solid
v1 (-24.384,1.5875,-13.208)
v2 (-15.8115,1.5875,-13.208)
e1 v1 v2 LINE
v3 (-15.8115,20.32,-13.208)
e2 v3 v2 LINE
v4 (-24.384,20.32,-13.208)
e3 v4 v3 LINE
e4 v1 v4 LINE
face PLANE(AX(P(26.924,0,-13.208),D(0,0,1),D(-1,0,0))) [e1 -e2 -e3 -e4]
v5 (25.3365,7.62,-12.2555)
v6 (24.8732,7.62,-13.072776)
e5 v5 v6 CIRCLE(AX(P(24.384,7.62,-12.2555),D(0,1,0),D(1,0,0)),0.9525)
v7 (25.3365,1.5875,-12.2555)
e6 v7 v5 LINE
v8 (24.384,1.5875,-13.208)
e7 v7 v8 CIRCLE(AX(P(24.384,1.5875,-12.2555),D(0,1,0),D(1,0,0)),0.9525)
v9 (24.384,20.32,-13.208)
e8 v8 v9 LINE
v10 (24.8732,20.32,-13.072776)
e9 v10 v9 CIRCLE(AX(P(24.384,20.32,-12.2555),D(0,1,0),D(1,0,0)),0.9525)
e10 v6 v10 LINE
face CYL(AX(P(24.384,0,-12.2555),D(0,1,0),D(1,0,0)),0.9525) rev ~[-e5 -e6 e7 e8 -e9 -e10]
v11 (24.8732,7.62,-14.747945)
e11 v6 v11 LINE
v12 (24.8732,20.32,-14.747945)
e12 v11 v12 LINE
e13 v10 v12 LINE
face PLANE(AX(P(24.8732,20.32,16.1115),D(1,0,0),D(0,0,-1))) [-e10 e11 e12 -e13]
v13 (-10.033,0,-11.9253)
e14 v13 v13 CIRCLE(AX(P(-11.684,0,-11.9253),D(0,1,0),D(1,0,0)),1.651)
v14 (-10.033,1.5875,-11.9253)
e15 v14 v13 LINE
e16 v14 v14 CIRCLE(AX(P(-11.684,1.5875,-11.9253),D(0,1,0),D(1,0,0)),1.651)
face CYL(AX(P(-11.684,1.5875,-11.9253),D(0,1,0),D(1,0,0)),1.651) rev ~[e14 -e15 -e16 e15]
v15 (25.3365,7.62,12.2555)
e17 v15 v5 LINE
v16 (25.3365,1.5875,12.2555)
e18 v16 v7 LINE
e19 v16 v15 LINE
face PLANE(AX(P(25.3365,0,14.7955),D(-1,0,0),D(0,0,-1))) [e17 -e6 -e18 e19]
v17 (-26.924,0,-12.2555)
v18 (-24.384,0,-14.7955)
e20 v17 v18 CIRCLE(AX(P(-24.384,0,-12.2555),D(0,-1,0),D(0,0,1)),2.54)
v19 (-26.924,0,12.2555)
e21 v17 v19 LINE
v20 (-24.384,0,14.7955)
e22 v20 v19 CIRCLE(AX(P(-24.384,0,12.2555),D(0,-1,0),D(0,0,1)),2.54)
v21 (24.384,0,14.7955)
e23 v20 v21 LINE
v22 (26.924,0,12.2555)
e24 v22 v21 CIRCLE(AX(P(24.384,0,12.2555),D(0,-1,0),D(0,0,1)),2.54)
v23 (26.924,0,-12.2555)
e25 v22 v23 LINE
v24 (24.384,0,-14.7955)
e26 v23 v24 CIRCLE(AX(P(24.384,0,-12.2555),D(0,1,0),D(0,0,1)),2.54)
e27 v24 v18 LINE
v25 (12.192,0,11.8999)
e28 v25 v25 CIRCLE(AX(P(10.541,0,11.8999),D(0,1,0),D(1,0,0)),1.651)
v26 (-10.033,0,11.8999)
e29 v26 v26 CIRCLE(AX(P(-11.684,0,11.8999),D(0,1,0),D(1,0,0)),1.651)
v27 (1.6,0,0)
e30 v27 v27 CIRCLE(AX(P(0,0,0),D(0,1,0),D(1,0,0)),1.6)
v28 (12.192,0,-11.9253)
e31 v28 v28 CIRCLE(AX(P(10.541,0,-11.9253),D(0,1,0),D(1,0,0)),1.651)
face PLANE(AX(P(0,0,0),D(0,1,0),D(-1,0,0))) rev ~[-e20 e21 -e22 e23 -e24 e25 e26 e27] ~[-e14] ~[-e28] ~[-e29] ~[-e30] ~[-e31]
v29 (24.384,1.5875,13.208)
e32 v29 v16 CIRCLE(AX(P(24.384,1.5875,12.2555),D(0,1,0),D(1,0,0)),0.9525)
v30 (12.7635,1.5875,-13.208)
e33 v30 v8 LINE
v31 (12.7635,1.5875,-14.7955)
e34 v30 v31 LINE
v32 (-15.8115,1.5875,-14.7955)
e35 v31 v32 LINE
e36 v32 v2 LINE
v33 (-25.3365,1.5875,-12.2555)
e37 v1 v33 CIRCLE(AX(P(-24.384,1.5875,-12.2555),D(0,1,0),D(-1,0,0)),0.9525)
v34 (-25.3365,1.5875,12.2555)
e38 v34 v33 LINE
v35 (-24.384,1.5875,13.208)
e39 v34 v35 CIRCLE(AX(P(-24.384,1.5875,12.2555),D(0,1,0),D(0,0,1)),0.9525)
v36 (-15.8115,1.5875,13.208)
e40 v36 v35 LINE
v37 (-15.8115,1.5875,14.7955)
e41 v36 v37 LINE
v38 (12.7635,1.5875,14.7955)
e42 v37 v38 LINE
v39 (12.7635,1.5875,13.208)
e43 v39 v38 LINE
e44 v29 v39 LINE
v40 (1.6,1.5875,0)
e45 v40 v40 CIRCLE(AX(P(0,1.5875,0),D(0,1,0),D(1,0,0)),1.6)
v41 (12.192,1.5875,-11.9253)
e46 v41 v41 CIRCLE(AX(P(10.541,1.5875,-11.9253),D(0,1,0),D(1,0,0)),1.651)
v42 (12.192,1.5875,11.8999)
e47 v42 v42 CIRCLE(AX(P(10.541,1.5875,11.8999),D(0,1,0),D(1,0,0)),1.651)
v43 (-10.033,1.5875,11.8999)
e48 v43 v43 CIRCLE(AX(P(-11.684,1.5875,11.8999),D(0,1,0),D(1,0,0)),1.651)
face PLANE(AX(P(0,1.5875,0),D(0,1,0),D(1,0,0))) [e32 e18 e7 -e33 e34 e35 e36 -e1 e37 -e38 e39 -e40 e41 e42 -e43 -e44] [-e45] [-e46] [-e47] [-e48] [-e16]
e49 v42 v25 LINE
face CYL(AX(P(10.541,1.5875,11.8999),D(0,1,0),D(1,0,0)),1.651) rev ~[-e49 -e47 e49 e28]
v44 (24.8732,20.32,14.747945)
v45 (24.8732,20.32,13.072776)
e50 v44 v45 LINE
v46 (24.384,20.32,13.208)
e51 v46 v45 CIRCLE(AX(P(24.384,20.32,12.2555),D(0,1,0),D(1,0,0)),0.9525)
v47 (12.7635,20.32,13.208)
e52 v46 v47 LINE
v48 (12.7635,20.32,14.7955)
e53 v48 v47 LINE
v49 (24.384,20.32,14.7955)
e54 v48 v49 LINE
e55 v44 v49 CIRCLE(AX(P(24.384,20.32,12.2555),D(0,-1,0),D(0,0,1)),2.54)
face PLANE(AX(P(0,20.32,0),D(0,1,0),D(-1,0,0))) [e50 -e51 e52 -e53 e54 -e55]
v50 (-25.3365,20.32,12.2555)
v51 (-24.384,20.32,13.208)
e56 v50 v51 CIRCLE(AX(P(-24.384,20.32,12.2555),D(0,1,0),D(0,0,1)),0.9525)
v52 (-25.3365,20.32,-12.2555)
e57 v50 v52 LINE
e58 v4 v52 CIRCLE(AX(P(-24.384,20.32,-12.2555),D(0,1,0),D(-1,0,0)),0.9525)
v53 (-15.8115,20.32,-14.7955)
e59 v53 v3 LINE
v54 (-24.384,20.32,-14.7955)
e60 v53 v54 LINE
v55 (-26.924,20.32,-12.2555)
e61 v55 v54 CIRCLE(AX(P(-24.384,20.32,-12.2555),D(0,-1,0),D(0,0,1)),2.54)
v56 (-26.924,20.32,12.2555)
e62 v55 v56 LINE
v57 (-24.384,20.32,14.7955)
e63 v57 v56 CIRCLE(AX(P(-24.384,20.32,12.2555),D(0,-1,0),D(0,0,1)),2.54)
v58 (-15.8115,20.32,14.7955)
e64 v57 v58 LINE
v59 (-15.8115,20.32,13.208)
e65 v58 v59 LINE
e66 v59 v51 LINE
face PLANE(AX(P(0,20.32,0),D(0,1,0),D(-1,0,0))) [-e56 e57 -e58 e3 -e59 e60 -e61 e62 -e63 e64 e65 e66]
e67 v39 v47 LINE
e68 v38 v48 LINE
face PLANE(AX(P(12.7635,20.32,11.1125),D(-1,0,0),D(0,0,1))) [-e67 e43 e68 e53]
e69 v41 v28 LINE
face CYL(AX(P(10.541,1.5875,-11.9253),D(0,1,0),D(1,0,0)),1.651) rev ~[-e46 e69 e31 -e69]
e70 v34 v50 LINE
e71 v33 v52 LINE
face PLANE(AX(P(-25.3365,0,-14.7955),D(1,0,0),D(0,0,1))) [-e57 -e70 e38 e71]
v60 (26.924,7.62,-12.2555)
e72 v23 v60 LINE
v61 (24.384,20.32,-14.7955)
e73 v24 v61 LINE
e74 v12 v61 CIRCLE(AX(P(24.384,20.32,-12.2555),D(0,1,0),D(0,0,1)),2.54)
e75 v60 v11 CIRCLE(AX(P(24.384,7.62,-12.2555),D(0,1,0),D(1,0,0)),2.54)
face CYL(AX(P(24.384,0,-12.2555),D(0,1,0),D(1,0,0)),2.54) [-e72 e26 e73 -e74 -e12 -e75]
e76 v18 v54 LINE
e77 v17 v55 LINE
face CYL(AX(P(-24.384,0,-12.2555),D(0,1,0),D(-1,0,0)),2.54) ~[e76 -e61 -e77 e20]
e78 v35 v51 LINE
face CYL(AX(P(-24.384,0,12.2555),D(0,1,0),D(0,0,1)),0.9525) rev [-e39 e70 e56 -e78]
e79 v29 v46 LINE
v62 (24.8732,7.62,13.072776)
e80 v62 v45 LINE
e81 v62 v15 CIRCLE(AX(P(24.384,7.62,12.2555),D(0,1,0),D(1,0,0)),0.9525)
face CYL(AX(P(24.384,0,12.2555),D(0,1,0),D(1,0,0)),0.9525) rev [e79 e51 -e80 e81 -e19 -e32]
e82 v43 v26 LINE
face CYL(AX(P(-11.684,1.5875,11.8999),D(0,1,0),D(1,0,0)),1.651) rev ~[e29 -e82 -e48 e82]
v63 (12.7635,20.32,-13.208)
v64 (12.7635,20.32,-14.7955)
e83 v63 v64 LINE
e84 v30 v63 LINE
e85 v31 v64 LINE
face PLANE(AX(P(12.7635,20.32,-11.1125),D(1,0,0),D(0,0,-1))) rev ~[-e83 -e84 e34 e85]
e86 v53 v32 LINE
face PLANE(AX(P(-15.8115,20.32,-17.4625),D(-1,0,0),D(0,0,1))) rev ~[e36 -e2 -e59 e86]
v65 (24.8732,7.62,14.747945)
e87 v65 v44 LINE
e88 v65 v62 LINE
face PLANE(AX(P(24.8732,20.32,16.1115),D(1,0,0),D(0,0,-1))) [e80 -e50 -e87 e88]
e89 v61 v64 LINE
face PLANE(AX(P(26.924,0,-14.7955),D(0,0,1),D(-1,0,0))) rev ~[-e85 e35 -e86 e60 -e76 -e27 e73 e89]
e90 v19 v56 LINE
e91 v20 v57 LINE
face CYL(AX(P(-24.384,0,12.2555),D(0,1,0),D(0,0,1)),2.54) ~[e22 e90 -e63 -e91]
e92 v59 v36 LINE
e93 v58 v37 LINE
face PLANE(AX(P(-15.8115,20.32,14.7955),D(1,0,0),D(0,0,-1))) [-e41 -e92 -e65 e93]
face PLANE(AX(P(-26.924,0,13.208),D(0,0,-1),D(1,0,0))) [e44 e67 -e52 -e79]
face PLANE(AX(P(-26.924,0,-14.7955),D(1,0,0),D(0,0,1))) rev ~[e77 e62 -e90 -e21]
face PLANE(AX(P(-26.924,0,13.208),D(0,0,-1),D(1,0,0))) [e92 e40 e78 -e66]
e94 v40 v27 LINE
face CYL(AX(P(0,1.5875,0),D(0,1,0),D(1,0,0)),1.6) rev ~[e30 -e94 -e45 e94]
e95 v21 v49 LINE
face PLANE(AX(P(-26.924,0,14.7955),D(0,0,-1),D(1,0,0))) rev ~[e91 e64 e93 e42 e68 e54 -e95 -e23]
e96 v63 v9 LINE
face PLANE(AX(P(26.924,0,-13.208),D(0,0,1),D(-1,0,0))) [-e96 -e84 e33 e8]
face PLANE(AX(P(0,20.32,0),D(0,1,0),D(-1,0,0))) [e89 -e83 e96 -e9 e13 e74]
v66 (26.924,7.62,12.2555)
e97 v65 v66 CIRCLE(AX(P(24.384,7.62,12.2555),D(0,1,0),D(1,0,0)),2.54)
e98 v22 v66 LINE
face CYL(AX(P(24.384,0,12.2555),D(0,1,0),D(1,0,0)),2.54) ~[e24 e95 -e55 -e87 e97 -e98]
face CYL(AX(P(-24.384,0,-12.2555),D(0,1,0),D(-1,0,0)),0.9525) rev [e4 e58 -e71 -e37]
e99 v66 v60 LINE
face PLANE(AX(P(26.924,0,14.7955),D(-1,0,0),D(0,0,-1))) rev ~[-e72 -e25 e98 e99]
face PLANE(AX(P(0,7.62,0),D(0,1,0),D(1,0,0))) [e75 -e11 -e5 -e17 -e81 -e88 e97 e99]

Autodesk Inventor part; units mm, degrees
ref_plane "YZ Plane" through (0, 0, 0) normal (1, 0, 0) x (0, 1, 0)
ref_plane "XZ Plane" through (0, 0, 0) normal (0, 1, 0) x (-1, 0, 0)
ref_plane "XY Plane" through (0, 0, 0) normal (0, 0, 1) x (1, 0, 0)
sketch "Esquisse1" plane through (0, 0, 0) normal (0, 1, 0) x (-1, 0, 0)
  line L0 (-26.924, -14.7955) -> (26.924, -14.7955)
  line L1 (26.924, -14.7955) -> (26.924, 14.7955)
  line L2 (26.924, 14.7955) -> (-26.924, 14.7955)
  line L3 (-26.924, 14.7955) -> (-26.924, -14.7955)
  point P0 (0, 0)
  dimension "d0" = 29.591
  dimension "d1" = 53.848
  dimension "d2" = 26.924
  dimension "d3" = 14.7955
extrude "Extrusion1" add sketch "Esquisse1" along normal blind 20.32
fillet "Congé1" radius 2.54 4 edges at (-26.924, 10.16, 14.7955) (26.924, 10.16, 14.7955) (26.924, 10.16, -14.7955) (-26.924, 10.16, -14.7955)
shell "Coque1" thickness 1.5875 removed faces 1 at (-8.128, 20.32, -4.9318)
sketch "Esquisse3" plane through (0, 20.32, 0) normal (0, 1, 0) x (1, 0, 0)
  line L0 (-26.924, 12.2555) -> (-26.924, -12.2555) projected
  line L1 (-24.384, -14.7955) -> (24.384, -14.7955) projected
  line L2 (-15.8115, 11.1125) -> (12.7635, 11.1125)
  line L3 (12.7635, 11.1125) -> (12.7635, 17.4625)
  line L4 (12.7635, 17.4625) -> (-15.8115, 17.4625)
  line L5 (-15.8115, 17.4625) -> (-15.8115, 11.1125)
  line L6 (-15.8115, -11.1125) -> (12.7635, -11.1125)
  line L7 (12.7635, -11.1125) -> (12.7635, -17.4625)
  line L8 (12.7635, -17.4625) -> (-15.8115, -17.4625)
  line L9 (-15.8115, -17.4625) -> (-15.8115, -11.1125)
  point P0 (0, 0)
  dimension "d8" = 28.575
  dimension "d9" = 28.575
  dimension "d10" = 11.1125
  dimension "d11" = 11.1125
  dimension "d12" = 6.35
  dimension "d13" = 6.35
  dimension "d14" = 22.225
  dimension "d15" = 2.667
extrude "Extrusion2" cut sketch "Esquisse3" against normal blind 18.7325
sketch "Esquisse4" plane through (0, 20.32, 0) normal (0, 1, 0) x (1, 0, 0)
  line L0 (24.8732, 15.6385) -> (27.4132, 15.6385)
  line L1 (27.4132, 15.6385) -> (27.4132, -16.1115)
  line L2 (27.4132, -16.1115) -> (24.8732, -16.1115)
  line L3 (24.8732, -16.1115) -> (24.8732, 15.6385)
  point P0 (0, 0)
  dimension "d18" = 31.75
  dimension "d19" = 2.54
extrude "Extrusion3" cut sketch "Esquisse4" against normal blind 12.7
sketch "Esquisse5" plane through (25.3365, 1.5875, 12.2555) normal (0, 1, 0) x (1, 0, 0)
  line L0 (-50.673, 24.511) -> (-50.673, 0) projected
  line L1 (-12.573, -2.54) -> (-41.148, -2.54) projected
  circle A0 centre (-37.0205, 24.1808) radius 1.651
  circle A1 centre (-14.7955, 24.1808) radius 1.651
  circle A2 centre (-14.7955, 0.3556) radius 1.651
  circle A3 centre (-37.0205, 0.3556) radius 1.651
  circle A4 centre (-25.3365, 12.2555) radius 1.6
  line L2 (-49.7205, -2.54) -> (-41.148, -2.54) projected
  dimension "d22" = 3.302
  dimension "d23" = 3.302
  dimension "d24" = 3.302
  dimension "d25" = 3.302
  dimension "d26" = 3.2
  dimension "d27" = 23.8252
  dimension "d28" = 23.8252
  dimension "d29" = 22.225
  dimension "d30" = 22.225
  dimension "d31" = 2.8956
  dimension "d32" = 13.6525
  dimension "d33" = 2.8956
  dimension "d34" = 13.6525
extrude "Extrusion4" cut sketch "Esquisse5" against normal through all
equation "\"d2\" = 0.5 * d1"
equation "\"d3\" = 0.5 * d0"
equation "\"d9\" = d8"
equation "\"d11\" = d10"
equation "\"d23\" = d22"
equation "\"d24\" = d22"
equation "\"d25\" = d22"
equation "\"d28\" = d27"
equation "\"d30\" = d29"
equation "\"d33\" = d31"
equation "\"d34\" = d32"
properties part number "Batterie" material "Plastique ABS"
